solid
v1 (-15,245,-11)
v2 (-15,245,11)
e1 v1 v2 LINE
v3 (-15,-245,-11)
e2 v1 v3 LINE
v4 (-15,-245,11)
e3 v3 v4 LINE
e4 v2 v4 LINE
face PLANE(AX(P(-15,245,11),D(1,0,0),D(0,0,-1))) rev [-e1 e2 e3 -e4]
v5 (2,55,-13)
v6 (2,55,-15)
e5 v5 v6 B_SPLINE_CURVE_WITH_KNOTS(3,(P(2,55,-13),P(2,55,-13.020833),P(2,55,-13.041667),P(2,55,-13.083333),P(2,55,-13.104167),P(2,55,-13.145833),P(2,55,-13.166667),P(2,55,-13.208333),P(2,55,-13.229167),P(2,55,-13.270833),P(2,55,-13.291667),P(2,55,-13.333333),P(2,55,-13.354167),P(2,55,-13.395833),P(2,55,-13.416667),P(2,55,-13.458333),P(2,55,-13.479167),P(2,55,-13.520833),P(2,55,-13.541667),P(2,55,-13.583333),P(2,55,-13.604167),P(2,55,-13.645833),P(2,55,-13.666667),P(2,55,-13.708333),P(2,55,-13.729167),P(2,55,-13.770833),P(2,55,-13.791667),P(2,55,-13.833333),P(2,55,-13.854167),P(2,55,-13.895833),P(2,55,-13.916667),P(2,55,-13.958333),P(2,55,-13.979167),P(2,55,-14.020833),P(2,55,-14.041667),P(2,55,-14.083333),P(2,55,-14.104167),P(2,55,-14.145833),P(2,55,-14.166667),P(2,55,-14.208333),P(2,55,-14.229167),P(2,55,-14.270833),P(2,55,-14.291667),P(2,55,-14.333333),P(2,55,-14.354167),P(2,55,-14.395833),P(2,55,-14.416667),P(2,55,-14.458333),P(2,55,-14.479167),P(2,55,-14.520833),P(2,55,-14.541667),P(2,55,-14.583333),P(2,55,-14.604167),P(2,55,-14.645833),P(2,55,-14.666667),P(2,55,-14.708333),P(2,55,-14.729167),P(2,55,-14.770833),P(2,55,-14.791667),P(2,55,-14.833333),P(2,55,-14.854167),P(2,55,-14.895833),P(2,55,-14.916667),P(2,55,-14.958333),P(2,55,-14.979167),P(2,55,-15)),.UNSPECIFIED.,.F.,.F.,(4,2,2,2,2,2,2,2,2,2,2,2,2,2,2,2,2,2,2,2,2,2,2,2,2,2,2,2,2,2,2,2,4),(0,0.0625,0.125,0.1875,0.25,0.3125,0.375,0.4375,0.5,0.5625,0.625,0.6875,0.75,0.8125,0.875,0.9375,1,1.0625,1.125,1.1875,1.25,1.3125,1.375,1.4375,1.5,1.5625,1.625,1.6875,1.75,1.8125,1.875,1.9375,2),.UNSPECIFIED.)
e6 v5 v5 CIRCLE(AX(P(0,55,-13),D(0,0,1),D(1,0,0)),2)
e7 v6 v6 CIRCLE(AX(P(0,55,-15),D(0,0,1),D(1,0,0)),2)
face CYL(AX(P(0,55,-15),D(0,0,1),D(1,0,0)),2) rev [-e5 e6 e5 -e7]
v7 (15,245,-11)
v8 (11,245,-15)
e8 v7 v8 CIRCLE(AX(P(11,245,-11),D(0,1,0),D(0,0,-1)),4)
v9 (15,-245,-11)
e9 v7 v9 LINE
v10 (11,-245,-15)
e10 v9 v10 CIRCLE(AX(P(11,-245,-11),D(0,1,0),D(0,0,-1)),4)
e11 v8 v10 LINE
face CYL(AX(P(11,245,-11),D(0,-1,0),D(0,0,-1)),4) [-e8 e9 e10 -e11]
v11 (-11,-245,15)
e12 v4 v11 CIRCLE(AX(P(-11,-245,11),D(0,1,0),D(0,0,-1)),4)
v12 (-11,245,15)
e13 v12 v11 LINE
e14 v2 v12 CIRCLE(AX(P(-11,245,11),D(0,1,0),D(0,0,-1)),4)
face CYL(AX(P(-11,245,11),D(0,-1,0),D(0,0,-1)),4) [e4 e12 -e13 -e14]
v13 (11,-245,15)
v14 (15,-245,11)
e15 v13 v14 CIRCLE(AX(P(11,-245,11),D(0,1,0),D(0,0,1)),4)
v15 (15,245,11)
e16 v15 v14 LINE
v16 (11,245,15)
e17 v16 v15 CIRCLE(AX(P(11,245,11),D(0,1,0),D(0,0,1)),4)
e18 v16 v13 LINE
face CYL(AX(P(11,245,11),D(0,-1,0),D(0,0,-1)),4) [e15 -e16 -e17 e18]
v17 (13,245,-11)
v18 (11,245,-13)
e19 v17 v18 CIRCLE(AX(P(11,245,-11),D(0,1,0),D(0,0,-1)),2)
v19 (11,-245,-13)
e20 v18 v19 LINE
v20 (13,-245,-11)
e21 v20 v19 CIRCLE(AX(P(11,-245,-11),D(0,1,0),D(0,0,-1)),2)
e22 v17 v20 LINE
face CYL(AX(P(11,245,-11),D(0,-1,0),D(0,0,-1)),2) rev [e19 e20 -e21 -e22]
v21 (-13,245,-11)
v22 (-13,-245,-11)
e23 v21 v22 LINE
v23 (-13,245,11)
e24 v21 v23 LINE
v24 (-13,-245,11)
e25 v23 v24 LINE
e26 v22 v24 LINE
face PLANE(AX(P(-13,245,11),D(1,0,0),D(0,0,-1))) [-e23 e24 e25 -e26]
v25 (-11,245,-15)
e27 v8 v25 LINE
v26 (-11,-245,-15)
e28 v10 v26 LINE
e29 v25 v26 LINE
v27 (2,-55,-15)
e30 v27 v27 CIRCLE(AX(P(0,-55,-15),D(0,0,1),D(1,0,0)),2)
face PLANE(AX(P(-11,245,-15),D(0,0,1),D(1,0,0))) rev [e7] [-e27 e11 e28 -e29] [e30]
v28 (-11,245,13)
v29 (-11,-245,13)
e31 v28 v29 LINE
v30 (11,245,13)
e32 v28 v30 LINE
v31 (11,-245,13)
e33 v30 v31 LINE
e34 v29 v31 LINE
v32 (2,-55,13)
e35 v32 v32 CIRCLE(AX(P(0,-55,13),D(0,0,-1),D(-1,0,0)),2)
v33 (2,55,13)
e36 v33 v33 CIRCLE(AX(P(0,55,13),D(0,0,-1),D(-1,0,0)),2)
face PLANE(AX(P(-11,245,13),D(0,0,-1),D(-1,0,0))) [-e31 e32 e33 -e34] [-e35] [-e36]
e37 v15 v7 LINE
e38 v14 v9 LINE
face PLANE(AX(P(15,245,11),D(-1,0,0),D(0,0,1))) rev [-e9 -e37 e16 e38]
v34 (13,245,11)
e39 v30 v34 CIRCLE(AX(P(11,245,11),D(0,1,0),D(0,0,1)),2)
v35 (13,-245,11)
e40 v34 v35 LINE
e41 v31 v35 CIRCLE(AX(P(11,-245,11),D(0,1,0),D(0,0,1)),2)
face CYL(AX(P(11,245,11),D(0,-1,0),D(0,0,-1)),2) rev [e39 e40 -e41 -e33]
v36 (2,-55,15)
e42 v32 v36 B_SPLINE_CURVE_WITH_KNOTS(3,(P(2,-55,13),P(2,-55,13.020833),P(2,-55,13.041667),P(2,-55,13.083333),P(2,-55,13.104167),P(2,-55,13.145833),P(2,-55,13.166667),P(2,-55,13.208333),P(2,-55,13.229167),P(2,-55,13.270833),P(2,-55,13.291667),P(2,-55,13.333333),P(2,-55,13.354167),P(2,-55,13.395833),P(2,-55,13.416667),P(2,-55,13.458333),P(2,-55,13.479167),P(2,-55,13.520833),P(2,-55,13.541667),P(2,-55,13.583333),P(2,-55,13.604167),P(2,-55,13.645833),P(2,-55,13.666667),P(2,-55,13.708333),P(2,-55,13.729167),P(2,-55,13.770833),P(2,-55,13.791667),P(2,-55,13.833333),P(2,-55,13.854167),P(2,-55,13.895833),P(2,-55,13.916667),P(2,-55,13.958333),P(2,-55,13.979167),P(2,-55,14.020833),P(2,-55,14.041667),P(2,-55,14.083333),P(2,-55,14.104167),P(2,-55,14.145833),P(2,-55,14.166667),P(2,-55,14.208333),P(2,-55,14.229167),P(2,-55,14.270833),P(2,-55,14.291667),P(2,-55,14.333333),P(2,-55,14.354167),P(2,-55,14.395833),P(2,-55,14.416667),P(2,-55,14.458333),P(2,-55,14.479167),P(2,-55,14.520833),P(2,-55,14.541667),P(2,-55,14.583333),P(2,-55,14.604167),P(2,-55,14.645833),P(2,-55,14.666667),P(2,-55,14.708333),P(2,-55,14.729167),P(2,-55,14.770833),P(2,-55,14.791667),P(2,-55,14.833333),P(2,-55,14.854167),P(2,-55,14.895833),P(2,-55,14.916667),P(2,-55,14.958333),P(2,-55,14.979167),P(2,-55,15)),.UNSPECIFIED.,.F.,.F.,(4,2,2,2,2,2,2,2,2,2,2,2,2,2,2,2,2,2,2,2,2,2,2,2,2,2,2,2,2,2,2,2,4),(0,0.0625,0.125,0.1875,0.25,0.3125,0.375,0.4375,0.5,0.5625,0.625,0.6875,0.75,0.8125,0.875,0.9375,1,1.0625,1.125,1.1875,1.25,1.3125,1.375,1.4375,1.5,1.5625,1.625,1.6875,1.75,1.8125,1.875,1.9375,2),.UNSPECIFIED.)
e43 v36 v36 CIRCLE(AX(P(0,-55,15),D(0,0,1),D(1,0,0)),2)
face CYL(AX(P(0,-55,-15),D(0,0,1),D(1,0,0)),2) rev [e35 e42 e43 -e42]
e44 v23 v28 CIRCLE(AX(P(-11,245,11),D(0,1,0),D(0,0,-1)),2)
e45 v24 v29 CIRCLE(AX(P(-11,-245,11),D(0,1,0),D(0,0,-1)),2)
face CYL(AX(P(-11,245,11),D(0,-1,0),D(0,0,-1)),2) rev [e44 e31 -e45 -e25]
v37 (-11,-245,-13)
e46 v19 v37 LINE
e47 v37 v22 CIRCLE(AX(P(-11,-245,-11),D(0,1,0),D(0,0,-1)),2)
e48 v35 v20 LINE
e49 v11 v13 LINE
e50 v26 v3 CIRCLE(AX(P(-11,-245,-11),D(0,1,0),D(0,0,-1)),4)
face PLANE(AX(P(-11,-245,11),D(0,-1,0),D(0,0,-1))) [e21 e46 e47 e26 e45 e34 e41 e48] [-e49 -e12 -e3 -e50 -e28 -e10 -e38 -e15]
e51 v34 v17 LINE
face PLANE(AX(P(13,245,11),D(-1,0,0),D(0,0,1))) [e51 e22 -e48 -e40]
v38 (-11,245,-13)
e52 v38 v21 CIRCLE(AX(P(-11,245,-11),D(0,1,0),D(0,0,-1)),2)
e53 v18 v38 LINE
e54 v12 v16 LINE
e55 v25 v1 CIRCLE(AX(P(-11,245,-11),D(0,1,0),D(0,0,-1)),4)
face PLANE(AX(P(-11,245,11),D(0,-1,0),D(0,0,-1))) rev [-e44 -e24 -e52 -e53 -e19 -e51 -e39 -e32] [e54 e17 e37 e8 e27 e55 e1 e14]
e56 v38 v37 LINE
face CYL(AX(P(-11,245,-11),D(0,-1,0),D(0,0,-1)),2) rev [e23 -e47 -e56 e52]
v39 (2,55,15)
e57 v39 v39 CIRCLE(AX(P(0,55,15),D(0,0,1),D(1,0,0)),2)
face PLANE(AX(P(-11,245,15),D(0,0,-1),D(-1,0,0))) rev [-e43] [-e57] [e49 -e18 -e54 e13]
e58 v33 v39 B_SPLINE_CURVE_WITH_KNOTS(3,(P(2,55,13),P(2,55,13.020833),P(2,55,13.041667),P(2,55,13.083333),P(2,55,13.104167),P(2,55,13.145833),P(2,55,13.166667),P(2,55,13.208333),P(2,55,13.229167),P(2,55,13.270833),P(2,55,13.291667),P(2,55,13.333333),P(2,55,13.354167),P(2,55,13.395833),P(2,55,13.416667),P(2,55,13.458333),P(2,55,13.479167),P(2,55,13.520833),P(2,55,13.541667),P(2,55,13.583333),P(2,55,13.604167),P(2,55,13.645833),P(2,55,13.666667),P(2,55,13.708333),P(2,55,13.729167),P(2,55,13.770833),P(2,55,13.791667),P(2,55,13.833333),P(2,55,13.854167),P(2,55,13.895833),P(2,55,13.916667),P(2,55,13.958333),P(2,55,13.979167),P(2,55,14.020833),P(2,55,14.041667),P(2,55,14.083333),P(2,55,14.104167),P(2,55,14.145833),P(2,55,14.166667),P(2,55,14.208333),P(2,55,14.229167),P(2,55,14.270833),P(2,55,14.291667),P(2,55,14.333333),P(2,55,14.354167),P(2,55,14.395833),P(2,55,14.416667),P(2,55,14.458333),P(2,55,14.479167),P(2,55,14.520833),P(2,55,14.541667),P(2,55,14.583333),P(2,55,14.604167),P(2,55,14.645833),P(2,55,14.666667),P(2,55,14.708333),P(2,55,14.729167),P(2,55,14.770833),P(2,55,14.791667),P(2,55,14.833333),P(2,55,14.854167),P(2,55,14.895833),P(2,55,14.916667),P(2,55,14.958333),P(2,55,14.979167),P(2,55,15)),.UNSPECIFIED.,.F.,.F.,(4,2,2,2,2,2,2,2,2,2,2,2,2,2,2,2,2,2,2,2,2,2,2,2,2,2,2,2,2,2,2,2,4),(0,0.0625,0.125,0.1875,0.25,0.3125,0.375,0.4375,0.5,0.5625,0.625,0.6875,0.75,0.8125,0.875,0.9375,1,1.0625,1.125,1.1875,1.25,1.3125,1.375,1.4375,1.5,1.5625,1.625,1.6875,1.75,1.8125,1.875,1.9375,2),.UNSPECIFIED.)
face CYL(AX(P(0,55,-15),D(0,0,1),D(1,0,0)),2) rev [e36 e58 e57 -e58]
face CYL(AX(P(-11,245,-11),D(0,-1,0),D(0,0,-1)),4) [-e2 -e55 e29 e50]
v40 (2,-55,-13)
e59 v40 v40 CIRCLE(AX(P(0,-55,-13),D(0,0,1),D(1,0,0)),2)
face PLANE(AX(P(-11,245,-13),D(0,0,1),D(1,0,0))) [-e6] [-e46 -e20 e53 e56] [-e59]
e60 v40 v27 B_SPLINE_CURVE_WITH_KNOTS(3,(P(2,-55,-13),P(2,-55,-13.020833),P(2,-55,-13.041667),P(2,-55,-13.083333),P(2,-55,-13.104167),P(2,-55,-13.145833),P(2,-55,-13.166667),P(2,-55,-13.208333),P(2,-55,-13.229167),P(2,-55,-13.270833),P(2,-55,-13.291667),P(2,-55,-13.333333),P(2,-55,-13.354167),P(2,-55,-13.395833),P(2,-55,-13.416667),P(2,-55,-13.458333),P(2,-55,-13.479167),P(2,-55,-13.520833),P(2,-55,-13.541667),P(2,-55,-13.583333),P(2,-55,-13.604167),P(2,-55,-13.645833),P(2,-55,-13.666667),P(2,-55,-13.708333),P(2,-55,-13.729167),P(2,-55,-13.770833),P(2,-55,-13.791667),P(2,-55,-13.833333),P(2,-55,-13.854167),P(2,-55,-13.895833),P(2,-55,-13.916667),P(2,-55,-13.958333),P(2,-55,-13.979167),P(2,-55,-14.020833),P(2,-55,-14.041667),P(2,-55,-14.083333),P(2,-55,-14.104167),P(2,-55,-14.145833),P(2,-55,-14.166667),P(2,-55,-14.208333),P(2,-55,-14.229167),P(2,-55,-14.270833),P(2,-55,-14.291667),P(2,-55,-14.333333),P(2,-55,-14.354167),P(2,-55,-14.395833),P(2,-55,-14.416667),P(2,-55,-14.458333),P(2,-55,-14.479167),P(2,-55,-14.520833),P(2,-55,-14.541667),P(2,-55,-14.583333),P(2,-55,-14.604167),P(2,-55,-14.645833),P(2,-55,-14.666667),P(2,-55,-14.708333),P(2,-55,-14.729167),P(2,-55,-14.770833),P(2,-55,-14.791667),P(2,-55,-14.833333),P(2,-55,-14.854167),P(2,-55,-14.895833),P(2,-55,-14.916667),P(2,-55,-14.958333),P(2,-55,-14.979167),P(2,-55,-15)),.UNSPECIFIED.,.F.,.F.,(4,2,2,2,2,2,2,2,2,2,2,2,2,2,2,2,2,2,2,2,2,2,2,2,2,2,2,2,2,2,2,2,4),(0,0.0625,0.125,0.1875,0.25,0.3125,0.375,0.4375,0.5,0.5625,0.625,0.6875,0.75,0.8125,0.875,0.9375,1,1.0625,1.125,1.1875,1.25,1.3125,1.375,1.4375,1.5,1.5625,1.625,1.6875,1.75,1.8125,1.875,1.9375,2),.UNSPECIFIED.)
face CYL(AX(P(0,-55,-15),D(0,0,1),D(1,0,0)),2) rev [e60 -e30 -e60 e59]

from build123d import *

# Parameters (mm, degrees)
EXTRUDE_1_DEPTH          = 245
CUT_EXTRUDE_1_DEPTH      = 246.916652547
CUT_EXTRUDE_1_DEPTH_BACK = 246.916652547
SKETCH_2_R               = 2


with BuildPart() as part:
    # 草图1 → 凸台-拉伸1 (new, symmetric)
    with BuildSketch(Plane(origin=(0, 0, 0), x_dir=(1, 0, 0), z_dir=(0, 1, 0))):
        with BuildLine():
            Line((-11, -15), (11, -15))
            ThreePointArc((11, -15), (13.828427125, -13.828427125), (15, -11))
            Line((15, -11), (15, 11))
            ThreePointArc((15, 11), (13.828427125, 13.828427125), (11, 15))
            Line((11, 15), (-11, 15))
            ThreePointArc((-11, 15), (-13.828427125, 13.828427125), (-15, 11))
            Line((-15, 11), (-15, -11))
            ThreePointArc((-15, -11), (-13.828427125, -13.828427125), (-11, -15))
        make_face()
        with BuildLine():
            Line((-11, -13), (11, -13))
            ThreePointArc((11, -13), (12.414213562, -12.414213562), (13, -11))
            Line((13, -11), (13, 11))
            ThreePointArc((13, 11), (12.414213562, 12.414213562), (11, 13))
            Line((11, 13), (-11, 13))
            ThreePointArc((-11, 13), (-12.414213562, 12.414213562), (-13, 11))
            Line((-13, 11), (-13, -11))
            ThreePointArc((-13, -11), (-12.414213562, -12.414213562), (-11, -13))
        make_face(mode=Mode.SUBTRACT)
    extrude(amount=EXTRUDE_1_DEPTH, both=True)

    # 草图2 → 切除-拉伸1 (cut, two sides: drawn at the far end of the back side and taken through both)
    with BuildSketch(Plane.XY.offset(-CUT_EXTRUDE_1_DEPTH_BACK)):
        with Locations((0, 55)):
            Circle(SKETCH_2_R)
        with Locations((0, -55)):
            Circle(SKETCH_2_R)
    extrude(amount=CUT_EXTRUDE_1_DEPTH + CUT_EXTRUDE_1_DEPTH_BACK, mode=Mode.SUBTRACT)


solid = part.part
